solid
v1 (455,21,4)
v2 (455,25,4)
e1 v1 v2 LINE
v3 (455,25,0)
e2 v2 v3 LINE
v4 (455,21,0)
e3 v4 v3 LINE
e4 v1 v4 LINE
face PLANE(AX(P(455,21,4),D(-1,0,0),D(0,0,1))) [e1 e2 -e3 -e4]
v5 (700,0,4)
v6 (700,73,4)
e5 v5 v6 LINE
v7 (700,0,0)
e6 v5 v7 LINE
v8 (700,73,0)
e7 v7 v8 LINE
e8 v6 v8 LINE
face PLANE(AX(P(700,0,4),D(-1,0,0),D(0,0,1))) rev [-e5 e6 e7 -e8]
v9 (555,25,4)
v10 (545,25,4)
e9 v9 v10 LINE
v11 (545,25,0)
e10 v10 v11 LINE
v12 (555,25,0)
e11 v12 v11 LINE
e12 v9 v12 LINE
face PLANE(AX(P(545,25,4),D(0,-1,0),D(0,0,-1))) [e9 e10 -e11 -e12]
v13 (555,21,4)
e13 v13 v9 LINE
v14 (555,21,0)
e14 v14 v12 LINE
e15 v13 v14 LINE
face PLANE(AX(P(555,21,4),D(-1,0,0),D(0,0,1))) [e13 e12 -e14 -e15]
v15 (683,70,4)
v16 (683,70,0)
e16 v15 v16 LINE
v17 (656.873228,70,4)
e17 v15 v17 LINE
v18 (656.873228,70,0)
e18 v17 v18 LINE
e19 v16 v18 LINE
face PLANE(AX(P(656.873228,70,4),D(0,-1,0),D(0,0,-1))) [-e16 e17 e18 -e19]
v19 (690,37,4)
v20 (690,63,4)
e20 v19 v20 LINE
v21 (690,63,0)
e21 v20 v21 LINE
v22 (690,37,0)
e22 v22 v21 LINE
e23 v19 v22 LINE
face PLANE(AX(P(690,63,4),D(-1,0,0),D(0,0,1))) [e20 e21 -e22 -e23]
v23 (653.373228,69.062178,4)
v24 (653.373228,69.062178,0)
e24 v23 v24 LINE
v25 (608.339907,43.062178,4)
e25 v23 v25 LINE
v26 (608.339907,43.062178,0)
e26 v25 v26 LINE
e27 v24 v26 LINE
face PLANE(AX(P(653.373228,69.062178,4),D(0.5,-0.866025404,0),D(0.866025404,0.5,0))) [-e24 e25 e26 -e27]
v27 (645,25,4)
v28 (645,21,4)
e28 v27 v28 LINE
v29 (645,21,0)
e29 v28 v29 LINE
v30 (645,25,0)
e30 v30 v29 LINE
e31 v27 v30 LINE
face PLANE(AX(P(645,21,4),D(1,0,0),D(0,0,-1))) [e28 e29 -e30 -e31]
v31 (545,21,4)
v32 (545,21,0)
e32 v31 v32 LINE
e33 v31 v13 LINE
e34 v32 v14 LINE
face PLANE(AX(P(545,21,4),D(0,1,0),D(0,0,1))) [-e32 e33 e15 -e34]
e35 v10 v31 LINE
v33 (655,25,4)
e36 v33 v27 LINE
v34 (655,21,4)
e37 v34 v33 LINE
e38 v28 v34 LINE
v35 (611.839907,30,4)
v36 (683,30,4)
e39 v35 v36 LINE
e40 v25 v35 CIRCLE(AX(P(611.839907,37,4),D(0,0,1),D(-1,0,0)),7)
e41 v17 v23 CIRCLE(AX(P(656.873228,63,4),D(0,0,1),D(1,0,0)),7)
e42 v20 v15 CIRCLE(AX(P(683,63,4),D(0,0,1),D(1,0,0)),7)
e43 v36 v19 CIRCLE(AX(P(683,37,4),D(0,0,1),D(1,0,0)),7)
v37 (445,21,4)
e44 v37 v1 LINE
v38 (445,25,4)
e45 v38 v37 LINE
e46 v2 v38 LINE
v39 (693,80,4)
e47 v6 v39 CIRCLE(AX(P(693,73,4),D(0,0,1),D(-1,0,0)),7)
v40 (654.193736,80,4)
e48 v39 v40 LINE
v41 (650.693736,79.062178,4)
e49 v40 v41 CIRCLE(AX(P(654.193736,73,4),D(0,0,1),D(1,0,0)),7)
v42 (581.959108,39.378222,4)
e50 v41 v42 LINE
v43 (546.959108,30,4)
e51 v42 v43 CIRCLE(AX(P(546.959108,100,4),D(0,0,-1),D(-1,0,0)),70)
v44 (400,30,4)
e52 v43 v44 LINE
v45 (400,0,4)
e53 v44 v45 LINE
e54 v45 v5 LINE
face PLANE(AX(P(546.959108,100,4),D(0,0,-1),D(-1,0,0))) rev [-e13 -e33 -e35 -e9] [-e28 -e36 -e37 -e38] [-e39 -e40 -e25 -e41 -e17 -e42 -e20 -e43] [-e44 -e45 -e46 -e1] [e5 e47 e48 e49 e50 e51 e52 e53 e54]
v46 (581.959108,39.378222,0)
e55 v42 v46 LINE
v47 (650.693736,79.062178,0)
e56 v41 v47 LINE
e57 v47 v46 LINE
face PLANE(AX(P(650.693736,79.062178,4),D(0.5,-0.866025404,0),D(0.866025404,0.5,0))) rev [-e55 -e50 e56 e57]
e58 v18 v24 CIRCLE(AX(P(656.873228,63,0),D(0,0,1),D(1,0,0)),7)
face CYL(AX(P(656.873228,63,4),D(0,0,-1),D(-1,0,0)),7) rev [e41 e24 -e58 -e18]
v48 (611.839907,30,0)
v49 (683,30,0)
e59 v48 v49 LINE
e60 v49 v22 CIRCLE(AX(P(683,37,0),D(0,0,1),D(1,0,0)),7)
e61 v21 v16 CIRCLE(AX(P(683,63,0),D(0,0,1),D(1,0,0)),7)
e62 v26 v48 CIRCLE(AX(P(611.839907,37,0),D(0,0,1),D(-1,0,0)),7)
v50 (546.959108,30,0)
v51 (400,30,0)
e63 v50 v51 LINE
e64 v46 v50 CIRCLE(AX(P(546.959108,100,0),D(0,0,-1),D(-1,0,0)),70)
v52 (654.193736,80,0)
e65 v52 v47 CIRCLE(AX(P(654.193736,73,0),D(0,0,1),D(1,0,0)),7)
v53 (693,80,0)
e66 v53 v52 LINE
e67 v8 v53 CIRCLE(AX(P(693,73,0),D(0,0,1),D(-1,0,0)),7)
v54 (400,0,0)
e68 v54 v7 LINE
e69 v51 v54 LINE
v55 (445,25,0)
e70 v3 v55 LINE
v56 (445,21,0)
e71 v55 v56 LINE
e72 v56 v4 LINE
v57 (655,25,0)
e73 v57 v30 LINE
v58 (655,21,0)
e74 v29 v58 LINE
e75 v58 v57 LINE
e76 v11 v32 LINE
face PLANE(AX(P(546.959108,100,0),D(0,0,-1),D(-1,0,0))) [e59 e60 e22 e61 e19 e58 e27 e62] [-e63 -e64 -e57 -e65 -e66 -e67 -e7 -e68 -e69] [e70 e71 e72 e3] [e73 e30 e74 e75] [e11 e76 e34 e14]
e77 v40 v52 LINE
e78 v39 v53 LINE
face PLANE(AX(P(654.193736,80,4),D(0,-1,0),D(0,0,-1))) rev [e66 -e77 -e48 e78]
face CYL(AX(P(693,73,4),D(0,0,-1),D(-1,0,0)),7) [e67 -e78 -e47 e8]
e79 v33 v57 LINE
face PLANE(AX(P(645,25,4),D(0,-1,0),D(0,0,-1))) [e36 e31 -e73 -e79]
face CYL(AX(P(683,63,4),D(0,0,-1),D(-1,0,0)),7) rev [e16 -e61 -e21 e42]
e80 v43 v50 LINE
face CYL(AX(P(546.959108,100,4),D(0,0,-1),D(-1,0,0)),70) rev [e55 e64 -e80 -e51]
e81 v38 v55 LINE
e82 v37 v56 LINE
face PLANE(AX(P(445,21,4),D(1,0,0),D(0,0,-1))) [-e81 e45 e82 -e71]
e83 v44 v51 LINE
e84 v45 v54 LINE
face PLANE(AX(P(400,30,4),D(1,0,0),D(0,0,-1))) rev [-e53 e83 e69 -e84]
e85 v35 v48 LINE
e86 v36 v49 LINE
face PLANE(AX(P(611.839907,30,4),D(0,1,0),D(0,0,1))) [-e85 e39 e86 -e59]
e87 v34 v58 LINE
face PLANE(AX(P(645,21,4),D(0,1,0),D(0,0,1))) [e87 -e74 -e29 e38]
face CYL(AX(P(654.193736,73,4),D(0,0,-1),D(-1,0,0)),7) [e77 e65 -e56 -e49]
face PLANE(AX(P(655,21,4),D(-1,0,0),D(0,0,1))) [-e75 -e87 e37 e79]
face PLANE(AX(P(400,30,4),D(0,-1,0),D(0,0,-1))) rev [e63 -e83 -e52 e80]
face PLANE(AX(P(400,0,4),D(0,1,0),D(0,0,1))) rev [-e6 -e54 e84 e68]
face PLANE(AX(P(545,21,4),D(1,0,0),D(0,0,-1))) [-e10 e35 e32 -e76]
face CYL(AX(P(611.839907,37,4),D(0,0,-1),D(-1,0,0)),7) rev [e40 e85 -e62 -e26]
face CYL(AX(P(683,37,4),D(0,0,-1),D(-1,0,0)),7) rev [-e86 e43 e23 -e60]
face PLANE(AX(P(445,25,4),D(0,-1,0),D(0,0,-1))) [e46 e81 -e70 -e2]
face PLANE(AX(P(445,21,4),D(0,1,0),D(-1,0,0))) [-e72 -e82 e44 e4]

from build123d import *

# Parameters (mm, degrees)
SCHIZZO1_W                   = 10
SCHIZZO1_H                   = 4
ESTRUSIONE_ESTRUSIONE3_DEPTH = 4


with BuildPart() as part:
    # Schizzo1 → Estrusione-Estrusione3 (new body)
    with BuildSketch(Plane.XY):
        with BuildLine():
            Line((400, 30), (400, 0))
            Line((400, 0), (700, 0))
            Line((700, 0), (700, 30))
            Line((700, 30), (700, 73))
            ThreePointArc((700, 73), (697.949747468, 77.949747468), (693, 80))
            Line((693, 80), (654.193736081, 80))
            ThreePointArc((654.193736081, 80), (652.382002765, 79.761480784), (650.693736081, 79.062177826))
            Line((650.693736081, 79.062177826), (581.959107885, 39.378221735))
            ThreePointArc((581.959107885, 39.378221735), (565.076441043, 32.38519216), (546.959107885, 30))
            Line((546.959107885, 30), (400, 30))
        make_face()
        with Locations((450, 23)):
            Rectangle(SCHIZZO1_W, SCHIZZO1_H, mode=Mode.SUBTRACT)
        with Locations((550, 23)):
            Rectangle(SCHIZZO1_W, SCHIZZO1_H, mode=Mode.SUBTRACT)
        with Locations((650, 23)):
            Rectangle(SCHIZZO1_W, SCHIZZO1_H, mode=Mode.SUBTRACT)
        with BuildLine():
            Line((690, 63), (690, 37))
            ThreePointArc((690, 37), (687.949747468, 32.050252532), (683, 30))
            Line((683, 30), (611.839907009, 30))
            ThreePointArc((611.839907009, 30), (605.078426225, 35.188266684), (608.339907009, 43.062177826))
            Line((608.339907009, 43.062177826), (653.373228005, 69.062177826))
            ThreePointArc((653.373228005, 69.062177826), (655.06149469, 69.761480784), (656.873228005, 70))
            Line((656.873228005, 70), (683, 70))
            ThreePointArc((683, 70), (687.949747468, 67.949747468), (690, 63))
        make_face(mode=Mode.SUBTRACT)
    extrude(amount=ESTRUSIONE_ESTRUSIONE3_DEPTH)


solid = part.part
